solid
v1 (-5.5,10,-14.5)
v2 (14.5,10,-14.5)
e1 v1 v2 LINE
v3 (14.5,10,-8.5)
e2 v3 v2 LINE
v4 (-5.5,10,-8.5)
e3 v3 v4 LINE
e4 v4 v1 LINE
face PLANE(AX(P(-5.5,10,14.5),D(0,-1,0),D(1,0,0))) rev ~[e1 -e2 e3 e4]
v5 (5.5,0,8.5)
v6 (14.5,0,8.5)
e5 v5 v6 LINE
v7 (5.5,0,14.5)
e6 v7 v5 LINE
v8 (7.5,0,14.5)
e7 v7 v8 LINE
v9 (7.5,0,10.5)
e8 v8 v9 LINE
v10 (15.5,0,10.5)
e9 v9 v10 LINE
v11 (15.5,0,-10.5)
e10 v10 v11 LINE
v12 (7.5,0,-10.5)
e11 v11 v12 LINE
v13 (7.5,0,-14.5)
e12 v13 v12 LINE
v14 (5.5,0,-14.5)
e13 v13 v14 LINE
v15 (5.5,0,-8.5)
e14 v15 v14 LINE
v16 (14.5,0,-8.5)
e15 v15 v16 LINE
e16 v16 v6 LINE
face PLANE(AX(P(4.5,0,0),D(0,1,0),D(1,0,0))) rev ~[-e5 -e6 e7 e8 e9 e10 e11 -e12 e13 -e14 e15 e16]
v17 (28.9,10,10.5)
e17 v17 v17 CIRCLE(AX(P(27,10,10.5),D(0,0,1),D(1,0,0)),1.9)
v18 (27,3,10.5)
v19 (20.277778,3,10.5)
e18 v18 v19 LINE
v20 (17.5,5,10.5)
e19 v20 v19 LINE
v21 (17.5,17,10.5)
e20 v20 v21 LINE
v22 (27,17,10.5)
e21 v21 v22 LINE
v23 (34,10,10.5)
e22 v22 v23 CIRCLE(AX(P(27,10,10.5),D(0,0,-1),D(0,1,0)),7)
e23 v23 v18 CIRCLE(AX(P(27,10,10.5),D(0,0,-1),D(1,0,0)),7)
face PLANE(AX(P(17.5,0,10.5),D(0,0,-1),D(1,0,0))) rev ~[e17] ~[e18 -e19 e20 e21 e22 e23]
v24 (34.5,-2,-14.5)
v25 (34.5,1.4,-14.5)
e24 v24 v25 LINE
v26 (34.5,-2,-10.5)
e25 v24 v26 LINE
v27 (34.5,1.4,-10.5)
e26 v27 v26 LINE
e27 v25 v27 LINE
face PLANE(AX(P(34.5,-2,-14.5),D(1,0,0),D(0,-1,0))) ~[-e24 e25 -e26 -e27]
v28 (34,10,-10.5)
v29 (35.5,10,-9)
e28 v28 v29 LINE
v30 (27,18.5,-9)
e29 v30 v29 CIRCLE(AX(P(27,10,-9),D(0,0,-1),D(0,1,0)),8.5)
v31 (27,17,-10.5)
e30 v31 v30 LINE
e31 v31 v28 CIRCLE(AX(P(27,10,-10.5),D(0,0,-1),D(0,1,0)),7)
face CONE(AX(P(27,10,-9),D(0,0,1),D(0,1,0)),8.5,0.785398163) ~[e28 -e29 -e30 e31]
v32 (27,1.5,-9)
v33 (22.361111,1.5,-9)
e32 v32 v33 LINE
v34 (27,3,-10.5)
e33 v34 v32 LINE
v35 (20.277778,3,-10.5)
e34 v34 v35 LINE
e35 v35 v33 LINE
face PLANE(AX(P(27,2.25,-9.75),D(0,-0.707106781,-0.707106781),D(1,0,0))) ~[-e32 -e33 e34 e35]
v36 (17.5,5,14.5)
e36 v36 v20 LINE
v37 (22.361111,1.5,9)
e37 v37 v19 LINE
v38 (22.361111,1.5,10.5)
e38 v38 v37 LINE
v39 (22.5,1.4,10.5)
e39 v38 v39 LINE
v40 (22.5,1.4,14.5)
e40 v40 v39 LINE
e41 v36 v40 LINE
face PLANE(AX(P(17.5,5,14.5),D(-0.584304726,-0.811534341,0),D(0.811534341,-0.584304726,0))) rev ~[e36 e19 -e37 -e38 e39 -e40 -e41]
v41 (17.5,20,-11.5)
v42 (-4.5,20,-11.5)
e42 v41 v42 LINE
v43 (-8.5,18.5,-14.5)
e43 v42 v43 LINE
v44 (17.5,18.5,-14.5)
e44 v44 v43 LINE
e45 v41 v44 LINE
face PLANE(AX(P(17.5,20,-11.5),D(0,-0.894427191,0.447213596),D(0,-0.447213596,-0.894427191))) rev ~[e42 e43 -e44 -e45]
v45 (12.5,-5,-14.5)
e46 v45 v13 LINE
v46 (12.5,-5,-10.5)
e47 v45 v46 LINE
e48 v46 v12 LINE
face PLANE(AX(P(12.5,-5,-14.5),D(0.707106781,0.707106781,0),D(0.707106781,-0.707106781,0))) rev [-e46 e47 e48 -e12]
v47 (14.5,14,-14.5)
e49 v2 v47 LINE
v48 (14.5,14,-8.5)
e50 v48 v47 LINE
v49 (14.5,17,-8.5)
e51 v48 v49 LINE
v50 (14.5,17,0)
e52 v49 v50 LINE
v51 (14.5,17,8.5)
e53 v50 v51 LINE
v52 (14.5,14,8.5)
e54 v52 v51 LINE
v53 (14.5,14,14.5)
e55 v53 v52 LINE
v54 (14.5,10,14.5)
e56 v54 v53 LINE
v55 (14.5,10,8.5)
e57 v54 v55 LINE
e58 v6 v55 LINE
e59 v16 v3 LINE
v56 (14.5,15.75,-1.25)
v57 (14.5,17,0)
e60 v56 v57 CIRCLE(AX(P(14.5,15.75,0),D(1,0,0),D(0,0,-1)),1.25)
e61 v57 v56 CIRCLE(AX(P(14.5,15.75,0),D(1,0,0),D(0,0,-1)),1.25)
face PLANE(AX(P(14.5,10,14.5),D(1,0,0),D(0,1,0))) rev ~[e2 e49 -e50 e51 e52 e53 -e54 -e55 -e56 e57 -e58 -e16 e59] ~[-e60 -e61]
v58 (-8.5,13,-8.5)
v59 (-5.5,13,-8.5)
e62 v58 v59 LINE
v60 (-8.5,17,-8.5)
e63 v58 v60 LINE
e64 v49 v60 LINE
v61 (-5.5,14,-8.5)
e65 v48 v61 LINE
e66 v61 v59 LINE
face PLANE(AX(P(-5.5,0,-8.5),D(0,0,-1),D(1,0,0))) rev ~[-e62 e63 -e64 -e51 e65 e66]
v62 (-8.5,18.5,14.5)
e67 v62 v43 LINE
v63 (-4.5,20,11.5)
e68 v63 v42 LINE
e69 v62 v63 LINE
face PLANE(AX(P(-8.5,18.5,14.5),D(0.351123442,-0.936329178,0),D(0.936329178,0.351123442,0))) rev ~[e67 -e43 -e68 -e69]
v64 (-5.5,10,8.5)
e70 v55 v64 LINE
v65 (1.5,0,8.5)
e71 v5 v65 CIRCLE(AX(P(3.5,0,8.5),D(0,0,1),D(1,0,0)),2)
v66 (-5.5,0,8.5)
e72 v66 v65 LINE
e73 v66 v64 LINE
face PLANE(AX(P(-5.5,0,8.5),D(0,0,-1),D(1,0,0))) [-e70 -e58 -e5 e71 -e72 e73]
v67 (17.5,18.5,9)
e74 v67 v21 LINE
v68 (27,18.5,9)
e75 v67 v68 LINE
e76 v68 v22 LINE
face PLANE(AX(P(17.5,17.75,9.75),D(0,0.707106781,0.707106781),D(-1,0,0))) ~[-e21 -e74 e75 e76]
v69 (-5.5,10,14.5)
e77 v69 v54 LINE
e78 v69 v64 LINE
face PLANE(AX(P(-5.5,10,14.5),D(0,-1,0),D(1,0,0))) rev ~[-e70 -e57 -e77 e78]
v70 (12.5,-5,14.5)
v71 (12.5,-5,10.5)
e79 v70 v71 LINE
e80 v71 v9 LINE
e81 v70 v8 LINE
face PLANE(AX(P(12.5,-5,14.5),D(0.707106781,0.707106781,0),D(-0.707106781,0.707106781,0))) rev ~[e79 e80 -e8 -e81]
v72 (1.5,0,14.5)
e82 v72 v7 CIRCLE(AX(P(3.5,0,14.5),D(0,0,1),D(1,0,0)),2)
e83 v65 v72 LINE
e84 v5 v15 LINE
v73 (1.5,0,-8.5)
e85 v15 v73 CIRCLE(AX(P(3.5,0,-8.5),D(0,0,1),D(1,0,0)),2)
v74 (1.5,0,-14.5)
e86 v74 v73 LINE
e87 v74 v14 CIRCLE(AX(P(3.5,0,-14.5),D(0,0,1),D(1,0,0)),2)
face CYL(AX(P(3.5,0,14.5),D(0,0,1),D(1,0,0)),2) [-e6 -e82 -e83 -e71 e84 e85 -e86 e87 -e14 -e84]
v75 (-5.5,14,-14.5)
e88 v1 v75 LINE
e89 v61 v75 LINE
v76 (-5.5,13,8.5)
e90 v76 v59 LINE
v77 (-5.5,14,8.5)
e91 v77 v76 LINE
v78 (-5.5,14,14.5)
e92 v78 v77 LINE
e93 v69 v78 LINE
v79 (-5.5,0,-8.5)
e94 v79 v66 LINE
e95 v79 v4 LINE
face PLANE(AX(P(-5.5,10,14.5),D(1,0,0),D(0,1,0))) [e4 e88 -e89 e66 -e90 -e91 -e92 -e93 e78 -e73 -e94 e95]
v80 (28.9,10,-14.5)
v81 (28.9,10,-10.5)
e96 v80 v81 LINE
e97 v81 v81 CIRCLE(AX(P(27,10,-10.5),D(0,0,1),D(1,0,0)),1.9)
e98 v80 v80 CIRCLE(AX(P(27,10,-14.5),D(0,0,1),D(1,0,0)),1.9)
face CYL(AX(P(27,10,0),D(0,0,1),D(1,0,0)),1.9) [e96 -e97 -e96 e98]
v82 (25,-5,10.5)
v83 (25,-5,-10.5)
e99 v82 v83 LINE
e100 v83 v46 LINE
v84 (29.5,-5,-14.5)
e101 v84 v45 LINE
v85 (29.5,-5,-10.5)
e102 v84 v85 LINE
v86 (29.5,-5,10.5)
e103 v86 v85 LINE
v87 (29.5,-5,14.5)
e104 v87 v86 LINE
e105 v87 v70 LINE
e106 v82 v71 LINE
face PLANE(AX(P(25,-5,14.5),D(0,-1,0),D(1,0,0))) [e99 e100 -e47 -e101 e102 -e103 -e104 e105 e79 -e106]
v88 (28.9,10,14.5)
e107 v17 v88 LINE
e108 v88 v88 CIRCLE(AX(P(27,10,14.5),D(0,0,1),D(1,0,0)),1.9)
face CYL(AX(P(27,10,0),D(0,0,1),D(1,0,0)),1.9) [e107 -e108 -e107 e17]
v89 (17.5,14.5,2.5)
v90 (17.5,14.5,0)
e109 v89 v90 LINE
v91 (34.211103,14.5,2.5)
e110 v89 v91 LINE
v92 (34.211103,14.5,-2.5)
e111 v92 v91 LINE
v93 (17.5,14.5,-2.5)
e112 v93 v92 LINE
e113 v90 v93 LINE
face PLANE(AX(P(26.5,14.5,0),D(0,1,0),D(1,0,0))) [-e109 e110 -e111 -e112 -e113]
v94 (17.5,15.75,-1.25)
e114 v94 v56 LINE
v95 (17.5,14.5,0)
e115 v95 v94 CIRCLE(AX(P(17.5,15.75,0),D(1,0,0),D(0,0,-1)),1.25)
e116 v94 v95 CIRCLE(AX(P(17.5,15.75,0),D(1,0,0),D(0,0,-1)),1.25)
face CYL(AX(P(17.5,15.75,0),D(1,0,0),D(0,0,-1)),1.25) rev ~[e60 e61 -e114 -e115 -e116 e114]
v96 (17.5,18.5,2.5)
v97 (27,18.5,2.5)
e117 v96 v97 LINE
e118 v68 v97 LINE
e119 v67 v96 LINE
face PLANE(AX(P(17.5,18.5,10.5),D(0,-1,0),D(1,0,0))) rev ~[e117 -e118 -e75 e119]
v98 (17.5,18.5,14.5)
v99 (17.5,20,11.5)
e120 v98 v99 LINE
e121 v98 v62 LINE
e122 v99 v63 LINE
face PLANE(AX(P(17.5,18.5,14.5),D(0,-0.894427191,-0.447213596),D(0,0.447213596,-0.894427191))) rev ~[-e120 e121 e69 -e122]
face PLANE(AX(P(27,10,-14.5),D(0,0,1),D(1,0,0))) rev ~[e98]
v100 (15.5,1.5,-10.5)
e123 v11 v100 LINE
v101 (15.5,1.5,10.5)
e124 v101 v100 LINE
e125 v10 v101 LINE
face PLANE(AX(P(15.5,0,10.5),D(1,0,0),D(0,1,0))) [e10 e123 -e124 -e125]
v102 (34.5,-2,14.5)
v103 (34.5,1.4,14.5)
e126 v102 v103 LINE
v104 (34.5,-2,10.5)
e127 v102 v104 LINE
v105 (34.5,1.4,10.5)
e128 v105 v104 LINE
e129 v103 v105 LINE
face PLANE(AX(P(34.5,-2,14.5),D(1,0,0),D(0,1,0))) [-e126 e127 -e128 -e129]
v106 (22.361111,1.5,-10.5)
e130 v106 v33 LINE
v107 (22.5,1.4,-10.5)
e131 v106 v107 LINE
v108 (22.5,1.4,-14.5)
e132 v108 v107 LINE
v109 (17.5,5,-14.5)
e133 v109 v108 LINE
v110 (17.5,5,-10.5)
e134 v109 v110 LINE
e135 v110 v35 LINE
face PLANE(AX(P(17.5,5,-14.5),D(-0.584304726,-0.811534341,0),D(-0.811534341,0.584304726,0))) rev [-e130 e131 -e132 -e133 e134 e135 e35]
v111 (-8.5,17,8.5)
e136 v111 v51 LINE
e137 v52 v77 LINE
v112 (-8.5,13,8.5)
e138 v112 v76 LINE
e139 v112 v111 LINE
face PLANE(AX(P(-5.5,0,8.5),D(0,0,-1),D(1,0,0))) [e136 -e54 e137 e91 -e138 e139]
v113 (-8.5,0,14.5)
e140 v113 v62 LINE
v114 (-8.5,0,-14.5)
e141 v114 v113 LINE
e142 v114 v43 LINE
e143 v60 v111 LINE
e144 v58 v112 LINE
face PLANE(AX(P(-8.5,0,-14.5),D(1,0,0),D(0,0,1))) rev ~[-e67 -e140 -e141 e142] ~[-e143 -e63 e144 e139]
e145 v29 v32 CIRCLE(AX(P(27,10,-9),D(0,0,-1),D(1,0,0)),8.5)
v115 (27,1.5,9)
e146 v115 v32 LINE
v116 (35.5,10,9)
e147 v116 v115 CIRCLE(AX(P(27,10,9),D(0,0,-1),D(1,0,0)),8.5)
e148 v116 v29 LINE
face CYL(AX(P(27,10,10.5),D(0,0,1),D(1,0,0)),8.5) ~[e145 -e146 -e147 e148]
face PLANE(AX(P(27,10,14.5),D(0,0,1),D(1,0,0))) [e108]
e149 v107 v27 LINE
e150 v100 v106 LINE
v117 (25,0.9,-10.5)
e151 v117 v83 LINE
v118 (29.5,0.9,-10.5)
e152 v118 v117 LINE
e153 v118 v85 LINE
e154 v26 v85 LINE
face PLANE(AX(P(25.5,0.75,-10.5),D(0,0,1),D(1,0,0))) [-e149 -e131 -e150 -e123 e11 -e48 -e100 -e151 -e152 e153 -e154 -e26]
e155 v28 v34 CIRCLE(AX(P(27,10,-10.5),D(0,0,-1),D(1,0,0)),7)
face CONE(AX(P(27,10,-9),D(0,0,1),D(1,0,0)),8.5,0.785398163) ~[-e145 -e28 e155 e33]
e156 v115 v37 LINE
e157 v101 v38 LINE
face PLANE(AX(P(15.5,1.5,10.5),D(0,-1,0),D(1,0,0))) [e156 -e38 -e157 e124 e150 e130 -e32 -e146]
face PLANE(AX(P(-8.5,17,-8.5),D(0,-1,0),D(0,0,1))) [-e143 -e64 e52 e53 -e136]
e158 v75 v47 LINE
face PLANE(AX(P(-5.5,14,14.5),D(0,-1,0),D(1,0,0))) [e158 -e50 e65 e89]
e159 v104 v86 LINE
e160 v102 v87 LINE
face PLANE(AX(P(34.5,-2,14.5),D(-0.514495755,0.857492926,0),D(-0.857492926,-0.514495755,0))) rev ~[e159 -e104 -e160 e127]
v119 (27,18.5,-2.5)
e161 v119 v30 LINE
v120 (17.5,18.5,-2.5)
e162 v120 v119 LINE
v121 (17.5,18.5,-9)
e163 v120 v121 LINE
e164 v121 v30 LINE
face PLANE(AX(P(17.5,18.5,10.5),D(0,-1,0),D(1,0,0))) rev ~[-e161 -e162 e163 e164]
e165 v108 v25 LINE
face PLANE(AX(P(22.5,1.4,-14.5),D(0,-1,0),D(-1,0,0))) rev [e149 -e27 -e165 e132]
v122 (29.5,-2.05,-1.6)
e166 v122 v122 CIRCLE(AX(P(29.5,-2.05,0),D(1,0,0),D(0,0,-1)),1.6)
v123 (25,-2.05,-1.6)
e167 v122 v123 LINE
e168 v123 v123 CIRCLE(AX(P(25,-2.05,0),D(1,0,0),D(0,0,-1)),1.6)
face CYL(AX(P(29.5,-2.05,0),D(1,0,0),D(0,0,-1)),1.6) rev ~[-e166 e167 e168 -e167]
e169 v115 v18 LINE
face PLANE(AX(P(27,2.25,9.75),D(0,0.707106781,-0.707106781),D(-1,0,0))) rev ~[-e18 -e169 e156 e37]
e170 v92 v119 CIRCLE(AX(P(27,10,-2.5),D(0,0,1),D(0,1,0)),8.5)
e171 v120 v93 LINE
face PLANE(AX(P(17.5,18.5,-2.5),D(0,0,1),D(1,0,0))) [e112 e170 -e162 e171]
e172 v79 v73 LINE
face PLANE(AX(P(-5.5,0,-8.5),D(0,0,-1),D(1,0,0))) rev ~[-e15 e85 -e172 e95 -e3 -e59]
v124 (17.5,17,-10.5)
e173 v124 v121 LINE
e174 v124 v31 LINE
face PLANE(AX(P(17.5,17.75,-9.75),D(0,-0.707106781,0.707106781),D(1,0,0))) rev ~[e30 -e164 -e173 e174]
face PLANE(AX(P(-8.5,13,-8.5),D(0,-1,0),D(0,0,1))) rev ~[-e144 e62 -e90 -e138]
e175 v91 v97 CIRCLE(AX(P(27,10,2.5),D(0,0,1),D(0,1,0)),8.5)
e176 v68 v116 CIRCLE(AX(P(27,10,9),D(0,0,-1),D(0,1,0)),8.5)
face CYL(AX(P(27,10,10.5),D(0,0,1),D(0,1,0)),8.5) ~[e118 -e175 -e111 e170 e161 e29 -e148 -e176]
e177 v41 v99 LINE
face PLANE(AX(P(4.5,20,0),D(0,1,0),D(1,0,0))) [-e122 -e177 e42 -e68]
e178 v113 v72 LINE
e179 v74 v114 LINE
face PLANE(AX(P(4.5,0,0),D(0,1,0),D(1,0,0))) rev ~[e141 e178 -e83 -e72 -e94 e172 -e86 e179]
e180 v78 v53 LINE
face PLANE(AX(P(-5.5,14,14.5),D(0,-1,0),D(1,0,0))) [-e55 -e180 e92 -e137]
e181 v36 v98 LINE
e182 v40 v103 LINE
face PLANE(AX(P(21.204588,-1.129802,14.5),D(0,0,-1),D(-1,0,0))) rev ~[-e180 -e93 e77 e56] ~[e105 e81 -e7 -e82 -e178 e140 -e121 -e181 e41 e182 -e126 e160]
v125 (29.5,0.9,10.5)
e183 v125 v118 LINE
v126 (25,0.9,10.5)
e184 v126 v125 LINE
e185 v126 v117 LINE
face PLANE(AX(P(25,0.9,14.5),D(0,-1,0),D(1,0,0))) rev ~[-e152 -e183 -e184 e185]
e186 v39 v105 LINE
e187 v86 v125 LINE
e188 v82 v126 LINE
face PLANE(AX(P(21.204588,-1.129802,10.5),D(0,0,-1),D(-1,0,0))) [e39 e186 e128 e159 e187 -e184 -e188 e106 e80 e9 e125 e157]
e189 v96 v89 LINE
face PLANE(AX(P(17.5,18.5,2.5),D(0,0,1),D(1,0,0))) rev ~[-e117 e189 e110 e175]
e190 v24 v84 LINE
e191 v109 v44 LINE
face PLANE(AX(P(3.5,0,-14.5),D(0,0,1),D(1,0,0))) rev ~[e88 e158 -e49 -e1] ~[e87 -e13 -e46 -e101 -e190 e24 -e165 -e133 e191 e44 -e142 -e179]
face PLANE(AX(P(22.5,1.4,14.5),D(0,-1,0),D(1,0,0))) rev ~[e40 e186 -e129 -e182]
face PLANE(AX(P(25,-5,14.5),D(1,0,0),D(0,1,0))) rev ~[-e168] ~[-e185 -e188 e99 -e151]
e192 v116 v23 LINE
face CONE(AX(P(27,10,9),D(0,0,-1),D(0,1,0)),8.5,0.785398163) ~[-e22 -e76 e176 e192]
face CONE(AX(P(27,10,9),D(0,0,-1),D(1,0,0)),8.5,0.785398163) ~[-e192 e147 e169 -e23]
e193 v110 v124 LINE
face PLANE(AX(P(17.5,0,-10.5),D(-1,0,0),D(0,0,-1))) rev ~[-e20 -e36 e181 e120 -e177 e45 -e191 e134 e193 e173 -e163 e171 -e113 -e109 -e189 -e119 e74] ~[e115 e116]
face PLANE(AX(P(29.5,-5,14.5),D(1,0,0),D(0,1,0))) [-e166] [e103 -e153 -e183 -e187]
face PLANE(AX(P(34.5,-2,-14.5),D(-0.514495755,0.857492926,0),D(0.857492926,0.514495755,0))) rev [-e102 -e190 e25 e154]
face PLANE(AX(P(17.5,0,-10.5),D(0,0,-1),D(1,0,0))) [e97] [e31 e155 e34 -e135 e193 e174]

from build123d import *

# Parameters (mm, degrees)
SKETCH1_W                = 18
SKETCH1_H                = 21
BOSS_EXTRUDE1_DEPTH      = 20
CUT_EXTRUDE3_DEPTH       = 30
CUT_EXTRUDE4_DEPTH       = 27
SKETCH6_W                = 20
SKETCH6_H                = 17
CUT_EXTRUDE5_DEPTH       = 17
SKETCH9_W                = 17
SKETCH9_H                = 4
CUT_EXTRUDE7_DEPTH       = 4
SKETCH10_W               = 20
SKETCH10_H               = 4
CUT_EXTRUDE8_DEPTH       = 30
BOSS_EXTRUDE3_DEPTH      = 4
SKETCH13_W               = 18
SKETCH13_H               = 1.5
SKETCH13_W_2             = 20
CUT_EXTRUDE11_DEPTH      = 21
CUT_EXTRUDE12_DEPTH      = 26
SKETCH16_R               = 1.9
BOSS_EXTRUDE4_DEPTH      = 14.5
SKETCH22_R               = 1.25
CUT_EXTRUDE15_DEPTH      = 19
CUT_EXTRUDE15_DEPTH_BACK = 27
CHAMFER1_SIZE            = 1.5
SKETCH23_W               = 18
SKETCH23_H               = 5
CUT_EXTRUDE16_DEPTH      = 4
SKETCH24_R               = 2
BOSS_EXTRUDE7_DEPTH      = 29
BOSS_EXTRUDE8_REACH      = 31
SKETCH25_W               = 4.5
SKETCH25_H               = 5.9
SKETCH26_R               = 1.6
CUT_EXTRUDE17_DEPTH      = 10


with BuildPart() as part:
    # Sketch1 → Boss-Extrude1 (new body)
    with BuildSketch(Plane(origin=(0, 0, 0), x_dir=(1, 0, 0), z_dir=(0, 1, 0))):
        Polygon((17.5, 14.5), (-8.5, 14.5), (-8.5, -14.5), (17.5, -14.5), (17.5, -10.5), (17.5, 10.5), align=None)
        with Locations((26.5, 0)):
            Rectangle(SKETCH1_W, SKETCH1_H)
    extrude(amount=BOSS_EXTRUDE1_DEPTH)

    # Sketch3 → Cut-Extrude3 (cut, through all)
    with BuildSketch(Plane.XY.offset(14.5)):
        Polygon((-8.5, 20), (-8.5, 18.5), (-4.5, 20), align=None)
    extrude(amount=-CUT_EXTRUDE3_DEPTH, mode=Mode.SUBTRACT)

    # Sketch4 → Cut-Extrude4 (cut, through all)
    with BuildSketch(Plane(origin=(17.5, 0, 0), x_dir=(0, 0, -1), z_dir=(1, 0, 0))):
        Polygon((-14.5, 20), (-14.5, 18.5), (-11.5, 20), align=None)
        Polygon((14.5, 20), (11.5, 20), (14.5, 18.5), align=None)
    extrude(amount=-CUT_EXTRUDE4_DEPTH, mode=Mode.SUBTRACT)

    # Sketch6 → Cut-Extrude5 (cut)
    with BuildSketch(Plane.XZ):
        with Locations((4.5, 0)):
            Rectangle(SKETCH6_W, SKETCH6_H)
    extrude(amount=-CUT_EXTRUDE5_DEPTH, mode=Mode.SUBTRACT)

    # Sketch9 → Cut-Extrude7 (cut)
    with BuildSketch(Plane.ZY.offset(8.5)):
        with Locations((0, 15)):
            Rectangle(SKETCH9_W, SKETCH9_H)
    extrude(amount=-CUT_EXTRUDE7_DEPTH, mode=Mode.SUBTRACT)

    # Sketch10 → Cut-Extrude8 (cut, through all)
    with BuildSketch(Plane.XY.offset(14.5)):
        with Locations((4.5, 12)):
            Rectangle(SKETCH10_W, SKETCH10_H)
    extrude(amount=-CUT_EXTRUDE8_DEPTH, mode=Mode.SUBTRACT)

    # Sketch12 → Boss-Extrude3 (add)
    with BuildSketch(Plane.XY.offset(14.5)):
        Polygon((22.5, 1.4), (34.5, 1.4), (34.5, 0), (34.5, -2), (29.5, -5), (12.5, -5), (7.5, 0), (17.5, 0), (17.5, 5), align=None)
    boss_extrude3 = extrude(amount=-BOSS_EXTRUDE3_DEPTH)

    # Mirror1: Boss-Extrude3 across plane
    add(boss_extrude3.mirror(Plane.XY))

    # Sketch13 → Cut-Extrude11 (cut)
    with BuildSketch(Plane.XY.offset(10.5)):
        with Locations((26.5, 19.25)):
            Rectangle(SKETCH13_W, SKETCH13_H)
        with Locations((25.5, 0.75)):
            Rectangle(SKETCH13_W_2, SKETCH13_H)
    extrude(amount=-CUT_EXTRUDE11_DEPTH, mode=Mode.SUBTRACT)

    # Sketch14 → Cut-Extrude12 (cut, through all)
    with BuildSketch(Plane.XY.offset(10.5)):
        with BuildLine():
            ThreePointArc((35.5, 10), (33.01040764, 3.98959236), (27, 1.5))
            Line((27, 1.5), (35.5, 1.5))
            Line((35.5, 1.5), (35.5, 10))
        make_face()
        with BuildLine():
            Line((35.5, 18.5), (27, 18.5))
            ThreePointArc((27, 18.5), (33.01040764, 16.01040764), (35.5, 10))
            Line((35.5, 10), (35.5, 18.5))
        make_face()
    extrude(amount=-CUT_EXTRUDE12_DEPTH, mode=Mode.SUBTRACT)

    # Sketch16 → Boss-Extrude4 (add, symmetric)
    with BuildSketch(Plane.XY):
        with Locations((27, 10)):
            Circle(SKETCH16_R)
    extrude(amount=BOSS_EXTRUDE4_DEPTH, both=True)

    # Sketch22 → Cut-Extrude15 (cut, two sides)
    with BuildSketch(Plane(origin=(17.5, 0, 0), x_dir=(0, 0, -1), z_dir=(1, 0, 0))) as cut_extrude15_sk:
        with Locations((0, 15.75)):
            Circle(SKETCH22_R)
    extrude(amount=CUT_EXTRUDE15_DEPTH, mode=Mode.SUBTRACT)
    extrude(cut_extrude15_sk.sketch, amount=-CUT_EXTRUDE15_DEPTH_BACK, mode=Mode.SUBTRACT)

    # Chamfer1
    chamfer1_edges = [part.edges().sort_by_distance(p)[0] for p in [
        (22.25, 18.5, -10.5),
        (22.25, 18.5, 10.5),
        (24.680555556, 1.5, 10.5),
        (24.680555556, 1.5, -10.5),
        (35.5, 10, -10.5),
        (35.5, 10, 10.5),
    ]]
    chamfer(chamfer1_edges, length=CHAMFER1_SIZE)

    # Sketch23 → Cut-Extrude16 (cut)
    with BuildSketch(Plane(origin=(0, 18.5, 0), x_dir=(1, 0, 0), z_dir=(0, 1, 0))):
        with Locations((26.5, 0)):
            Rectangle(SKETCH23_W, SKETCH23_H)
    extrude(amount=-CUT_EXTRUDE16_DEPTH, mode=Mode.SUBTRACT)

    # Sketch24 → Boss-Extrude7 (add, through all)
    with BuildSketch(Plane.XY.offset(14.5)):
        with Locations((3.5, 0)):
            Circle(SKETCH24_R)
    extrude(amount=-BOSS_EXTRUDE7_DEPTH)

    # Sketch25 → Boss-Extrude8 (add, up to next)
    with BuildSketch(Plane.XY.offset(14.5), mode=Mode.PRIVATE) as boss_extrude8_sk1:
        with Locations((27.25, -2.05)):
            Rectangle(SKETCH25_W, SKETCH25_H)
    boss_extrude8_tool1 = extrude(boss_extrude8_sk1.sketch, amount=-BOSS_EXTRUDE8_REACH, mode=Mode.PRIVATE) - part.part
    add(boss_extrude8_tool1.solids().sort_by_distance((27.25, -2.05, 14.5))[0])

    # Sketch26 → Cut-Extrude17 (cut)
    with BuildSketch(Plane(origin=(29.5, 0, 0), x_dir=(0, 0, -1), z_dir=(1, 0, 0))):
        with Locations((0, -2.05)):
            Circle(SKETCH26_R)
    extrude(amount=-CUT_EXTRUDE17_DEPTH, mode=Mode.SUBTRACT)


solid = part.part
